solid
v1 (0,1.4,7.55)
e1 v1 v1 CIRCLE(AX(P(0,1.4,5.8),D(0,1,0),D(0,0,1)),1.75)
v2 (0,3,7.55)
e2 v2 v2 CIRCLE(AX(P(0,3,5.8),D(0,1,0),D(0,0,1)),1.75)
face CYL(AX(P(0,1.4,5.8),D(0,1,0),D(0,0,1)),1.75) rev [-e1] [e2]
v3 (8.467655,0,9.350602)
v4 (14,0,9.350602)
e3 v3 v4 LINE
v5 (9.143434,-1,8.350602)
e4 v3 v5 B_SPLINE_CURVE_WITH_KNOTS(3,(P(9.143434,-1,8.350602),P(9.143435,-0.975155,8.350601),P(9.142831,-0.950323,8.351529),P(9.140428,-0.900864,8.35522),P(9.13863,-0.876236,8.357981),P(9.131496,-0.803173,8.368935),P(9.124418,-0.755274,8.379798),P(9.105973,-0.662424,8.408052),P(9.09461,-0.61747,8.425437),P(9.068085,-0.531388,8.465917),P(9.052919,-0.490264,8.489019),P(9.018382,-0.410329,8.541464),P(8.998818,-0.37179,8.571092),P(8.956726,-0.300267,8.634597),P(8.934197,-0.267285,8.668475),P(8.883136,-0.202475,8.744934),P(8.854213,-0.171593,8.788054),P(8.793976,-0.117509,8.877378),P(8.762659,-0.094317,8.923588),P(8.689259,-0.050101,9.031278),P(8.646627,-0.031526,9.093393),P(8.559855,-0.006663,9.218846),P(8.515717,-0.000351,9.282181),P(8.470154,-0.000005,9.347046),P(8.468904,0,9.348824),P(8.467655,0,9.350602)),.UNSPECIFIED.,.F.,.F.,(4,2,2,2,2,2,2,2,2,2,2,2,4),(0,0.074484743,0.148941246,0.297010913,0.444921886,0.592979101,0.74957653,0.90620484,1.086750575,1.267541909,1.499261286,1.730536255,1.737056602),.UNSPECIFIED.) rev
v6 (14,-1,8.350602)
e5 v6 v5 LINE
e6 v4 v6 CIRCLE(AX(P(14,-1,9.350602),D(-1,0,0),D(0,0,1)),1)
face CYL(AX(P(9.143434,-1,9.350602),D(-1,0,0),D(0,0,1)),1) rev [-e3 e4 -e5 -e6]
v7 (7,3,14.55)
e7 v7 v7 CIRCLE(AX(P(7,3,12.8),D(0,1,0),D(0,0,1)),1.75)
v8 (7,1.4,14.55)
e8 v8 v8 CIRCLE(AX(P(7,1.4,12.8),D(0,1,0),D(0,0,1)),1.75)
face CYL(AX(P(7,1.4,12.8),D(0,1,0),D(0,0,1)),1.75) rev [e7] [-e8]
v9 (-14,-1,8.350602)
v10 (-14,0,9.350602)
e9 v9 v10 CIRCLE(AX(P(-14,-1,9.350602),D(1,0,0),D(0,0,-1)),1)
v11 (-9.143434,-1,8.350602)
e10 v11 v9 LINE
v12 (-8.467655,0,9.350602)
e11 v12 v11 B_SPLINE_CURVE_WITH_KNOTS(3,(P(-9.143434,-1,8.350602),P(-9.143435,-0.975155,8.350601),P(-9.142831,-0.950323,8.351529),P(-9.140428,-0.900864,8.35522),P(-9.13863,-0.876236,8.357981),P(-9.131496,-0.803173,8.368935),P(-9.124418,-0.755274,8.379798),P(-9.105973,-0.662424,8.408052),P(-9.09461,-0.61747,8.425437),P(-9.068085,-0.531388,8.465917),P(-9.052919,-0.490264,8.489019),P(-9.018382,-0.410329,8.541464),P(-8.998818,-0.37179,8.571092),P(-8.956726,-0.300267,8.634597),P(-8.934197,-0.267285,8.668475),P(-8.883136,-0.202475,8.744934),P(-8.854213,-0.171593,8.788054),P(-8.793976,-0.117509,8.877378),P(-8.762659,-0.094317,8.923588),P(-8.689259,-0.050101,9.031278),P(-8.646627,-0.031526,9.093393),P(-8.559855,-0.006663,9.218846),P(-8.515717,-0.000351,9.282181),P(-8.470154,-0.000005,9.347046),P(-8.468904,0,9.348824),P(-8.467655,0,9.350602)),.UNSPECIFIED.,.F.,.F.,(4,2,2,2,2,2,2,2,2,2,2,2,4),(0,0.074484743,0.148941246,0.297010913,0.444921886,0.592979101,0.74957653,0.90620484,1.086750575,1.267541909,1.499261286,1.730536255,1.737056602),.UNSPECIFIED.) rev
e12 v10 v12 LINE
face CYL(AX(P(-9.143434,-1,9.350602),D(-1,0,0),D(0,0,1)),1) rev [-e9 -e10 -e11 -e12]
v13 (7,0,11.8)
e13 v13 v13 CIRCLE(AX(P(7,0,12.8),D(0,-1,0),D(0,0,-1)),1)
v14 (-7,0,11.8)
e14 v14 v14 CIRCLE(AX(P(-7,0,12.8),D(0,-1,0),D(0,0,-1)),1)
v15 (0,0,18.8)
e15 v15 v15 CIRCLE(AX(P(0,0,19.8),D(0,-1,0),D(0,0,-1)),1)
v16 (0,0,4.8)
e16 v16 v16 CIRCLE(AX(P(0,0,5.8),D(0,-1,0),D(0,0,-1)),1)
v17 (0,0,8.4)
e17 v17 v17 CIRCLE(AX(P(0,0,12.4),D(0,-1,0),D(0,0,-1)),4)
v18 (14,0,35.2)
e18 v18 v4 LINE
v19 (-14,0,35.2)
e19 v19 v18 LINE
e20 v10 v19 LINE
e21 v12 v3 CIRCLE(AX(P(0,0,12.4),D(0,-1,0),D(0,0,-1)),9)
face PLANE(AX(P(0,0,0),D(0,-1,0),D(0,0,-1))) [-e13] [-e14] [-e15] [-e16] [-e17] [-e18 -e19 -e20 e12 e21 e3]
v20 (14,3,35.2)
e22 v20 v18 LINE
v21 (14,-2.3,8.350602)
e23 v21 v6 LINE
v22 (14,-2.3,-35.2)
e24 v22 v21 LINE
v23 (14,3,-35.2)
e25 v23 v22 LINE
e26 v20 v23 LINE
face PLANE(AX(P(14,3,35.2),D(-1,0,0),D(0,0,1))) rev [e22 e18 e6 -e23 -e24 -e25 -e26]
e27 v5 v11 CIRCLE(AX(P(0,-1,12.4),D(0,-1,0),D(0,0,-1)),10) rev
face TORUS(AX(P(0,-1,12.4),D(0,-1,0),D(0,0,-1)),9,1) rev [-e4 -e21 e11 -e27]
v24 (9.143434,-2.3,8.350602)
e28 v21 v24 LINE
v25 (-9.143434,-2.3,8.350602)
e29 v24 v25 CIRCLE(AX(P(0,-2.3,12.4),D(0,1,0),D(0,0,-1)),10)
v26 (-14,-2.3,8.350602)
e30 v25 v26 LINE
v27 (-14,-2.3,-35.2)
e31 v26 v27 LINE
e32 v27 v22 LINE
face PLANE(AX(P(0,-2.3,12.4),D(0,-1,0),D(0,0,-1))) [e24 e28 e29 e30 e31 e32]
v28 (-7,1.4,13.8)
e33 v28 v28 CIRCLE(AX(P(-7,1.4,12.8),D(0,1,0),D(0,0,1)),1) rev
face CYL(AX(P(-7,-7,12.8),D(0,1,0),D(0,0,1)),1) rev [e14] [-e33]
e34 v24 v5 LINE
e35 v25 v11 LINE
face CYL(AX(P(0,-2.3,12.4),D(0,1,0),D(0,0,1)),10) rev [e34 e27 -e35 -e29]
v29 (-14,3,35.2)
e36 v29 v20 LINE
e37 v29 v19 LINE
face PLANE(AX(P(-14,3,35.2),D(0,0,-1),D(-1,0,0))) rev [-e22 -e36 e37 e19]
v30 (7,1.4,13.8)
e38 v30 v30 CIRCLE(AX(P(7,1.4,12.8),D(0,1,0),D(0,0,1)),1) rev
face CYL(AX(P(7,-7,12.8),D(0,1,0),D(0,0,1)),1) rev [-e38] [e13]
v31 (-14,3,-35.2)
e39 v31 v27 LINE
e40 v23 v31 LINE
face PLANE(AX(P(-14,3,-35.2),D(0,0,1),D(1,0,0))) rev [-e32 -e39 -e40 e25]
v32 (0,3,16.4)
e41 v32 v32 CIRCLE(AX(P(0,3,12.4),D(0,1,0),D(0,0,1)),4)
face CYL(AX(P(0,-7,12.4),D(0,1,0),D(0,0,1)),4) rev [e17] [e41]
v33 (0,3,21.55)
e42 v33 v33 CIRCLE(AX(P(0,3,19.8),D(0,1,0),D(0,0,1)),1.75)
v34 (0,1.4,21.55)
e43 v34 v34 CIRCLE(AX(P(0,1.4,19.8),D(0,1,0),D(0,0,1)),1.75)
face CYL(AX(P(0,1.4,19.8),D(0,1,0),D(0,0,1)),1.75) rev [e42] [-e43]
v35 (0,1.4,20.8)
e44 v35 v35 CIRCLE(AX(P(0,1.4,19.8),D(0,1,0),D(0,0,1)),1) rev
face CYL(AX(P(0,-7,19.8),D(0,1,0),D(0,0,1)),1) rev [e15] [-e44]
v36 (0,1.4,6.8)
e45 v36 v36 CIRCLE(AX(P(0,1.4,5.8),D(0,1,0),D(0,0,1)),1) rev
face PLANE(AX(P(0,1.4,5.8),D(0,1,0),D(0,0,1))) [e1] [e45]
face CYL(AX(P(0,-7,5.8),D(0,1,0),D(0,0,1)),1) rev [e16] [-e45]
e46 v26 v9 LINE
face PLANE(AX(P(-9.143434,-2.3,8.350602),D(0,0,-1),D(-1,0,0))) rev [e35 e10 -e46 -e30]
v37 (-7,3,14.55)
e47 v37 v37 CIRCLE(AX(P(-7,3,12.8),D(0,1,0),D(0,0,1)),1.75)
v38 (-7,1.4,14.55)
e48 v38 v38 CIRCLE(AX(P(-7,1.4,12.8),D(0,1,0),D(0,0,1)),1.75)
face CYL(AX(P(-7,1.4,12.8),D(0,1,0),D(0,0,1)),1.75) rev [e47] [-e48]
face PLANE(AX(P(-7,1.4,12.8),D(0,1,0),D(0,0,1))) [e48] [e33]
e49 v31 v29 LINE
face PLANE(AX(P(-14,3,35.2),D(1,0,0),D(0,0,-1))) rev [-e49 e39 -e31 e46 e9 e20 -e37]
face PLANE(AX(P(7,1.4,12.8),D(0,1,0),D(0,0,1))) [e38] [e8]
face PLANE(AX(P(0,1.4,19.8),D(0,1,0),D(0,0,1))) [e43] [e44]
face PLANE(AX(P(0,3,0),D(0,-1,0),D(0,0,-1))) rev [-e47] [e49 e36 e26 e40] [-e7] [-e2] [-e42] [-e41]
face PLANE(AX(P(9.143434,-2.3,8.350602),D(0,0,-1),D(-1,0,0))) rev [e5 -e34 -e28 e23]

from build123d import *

# Parameters (mm, degrees)
SKETCH1_W           = 28
SKETCH1_H           = 70.4
BOSS_EXTRUDE1_DEPTH = 3
SKETCH4_R           = 1
CUT_EXTRUDE2_DEPTH  = 10
SKETCH5_R           = 4
CUT_EXTRUDE3_DEPTH  = 10
SKETCH10_R          = 1.75
CUT_EXTRUDE9_DEPTH  = 1.6
BOSS_EXTRUDE2_DEPTH = 2.3
FILLET1_R           = 1


with BuildPart() as part:
    # Sketch1 → Boss-Extrude1 (new body)
    with BuildSketch(Plane(origin=(0, 0, 0), x_dir=(1, 0, 0), z_dir=(0, 1, 0))):
        Rectangle(SKETCH1_W, SKETCH1_H)
    extrude(amount=BOSS_EXTRUDE1_DEPTH)

    # Sketch4 → Cut-Extrude2 (cut)
    with BuildSketch(Plane(origin=(0, 3, 0), x_dir=(1, 0, 0), z_dir=(0, 1, 0))):
        with Locations((7, -12.8)):
            Circle(SKETCH4_R)
        with Locations((0, -19.8)):
            Circle(SKETCH4_R)
        with Locations((-7, -12.8)):
            Circle(SKETCH4_R)
        with Locations((0, -5.8)):
            Circle(SKETCH4_R)
    extrude(amount=-CUT_EXTRUDE2_DEPTH, mode=Mode.SUBTRACT)

    # Sketch5 → Cut-Extrude3 (cut)
    with BuildSketch(Plane(origin=(0, 3, 0), x_dir=(1, 0, 0), z_dir=(0, 1, 0))):
        with Locations((0, -12.4)):
            Circle(SKETCH5_R)
    extrude(amount=-CUT_EXTRUDE3_DEPTH, mode=Mode.SUBTRACT)

    # Sketch10 → Cut-Extrude9 (cut)
    with BuildSketch(Plane(origin=(0, 3, 0), x_dir=(1, 0, 0), z_dir=(0, 1, 0))):
        with Locations((0, -19.8)):
            Circle(SKETCH10_R)
        with Locations((-7, -12.8)):
            Circle(SKETCH10_R)
        with Locations((0, -5.8)):
            Circle(SKETCH10_R)
        with Locations((7, -12.8)):
            Circle(SKETCH10_R)
    extrude(amount=-CUT_EXTRUDE9_DEPTH, mode=Mode.SUBTRACT)

    # Sketch11 → Boss-Extrude2 (add)
    with BuildSketch(Plane.XZ):
        with BuildLine():
            Line((9.143433638, 8.350602353), (14, 8.350602353))
            Line((14, 8.350602353), (14, -35.2))
            Line((14, -35.2), (-14, -35.2))
            Line((-14, -35.2), (-14, 8.350602353))
            Line((-14, 8.350602353), (-9.143433638, 8.350602353))
            ThreePointArc((-9.143433638, 8.350602353), (0, 2.4), (9.143433638, 8.350602353))
        make_face()
    extrude(amount=BOSS_EXTRUDE2_DEPTH)

    # Fillet1
    fillet1_edges = [part.edges().sort_by_distance(p)[0] for p in [
        (11.571716819, 0, 8.350602353),
        (0, 0, 2.4),
        (-11.571716819, 0, 8.350602353),
    ]]
    fillet(fillet1_edges, radius=FILLET1_R)


solid = part.part
